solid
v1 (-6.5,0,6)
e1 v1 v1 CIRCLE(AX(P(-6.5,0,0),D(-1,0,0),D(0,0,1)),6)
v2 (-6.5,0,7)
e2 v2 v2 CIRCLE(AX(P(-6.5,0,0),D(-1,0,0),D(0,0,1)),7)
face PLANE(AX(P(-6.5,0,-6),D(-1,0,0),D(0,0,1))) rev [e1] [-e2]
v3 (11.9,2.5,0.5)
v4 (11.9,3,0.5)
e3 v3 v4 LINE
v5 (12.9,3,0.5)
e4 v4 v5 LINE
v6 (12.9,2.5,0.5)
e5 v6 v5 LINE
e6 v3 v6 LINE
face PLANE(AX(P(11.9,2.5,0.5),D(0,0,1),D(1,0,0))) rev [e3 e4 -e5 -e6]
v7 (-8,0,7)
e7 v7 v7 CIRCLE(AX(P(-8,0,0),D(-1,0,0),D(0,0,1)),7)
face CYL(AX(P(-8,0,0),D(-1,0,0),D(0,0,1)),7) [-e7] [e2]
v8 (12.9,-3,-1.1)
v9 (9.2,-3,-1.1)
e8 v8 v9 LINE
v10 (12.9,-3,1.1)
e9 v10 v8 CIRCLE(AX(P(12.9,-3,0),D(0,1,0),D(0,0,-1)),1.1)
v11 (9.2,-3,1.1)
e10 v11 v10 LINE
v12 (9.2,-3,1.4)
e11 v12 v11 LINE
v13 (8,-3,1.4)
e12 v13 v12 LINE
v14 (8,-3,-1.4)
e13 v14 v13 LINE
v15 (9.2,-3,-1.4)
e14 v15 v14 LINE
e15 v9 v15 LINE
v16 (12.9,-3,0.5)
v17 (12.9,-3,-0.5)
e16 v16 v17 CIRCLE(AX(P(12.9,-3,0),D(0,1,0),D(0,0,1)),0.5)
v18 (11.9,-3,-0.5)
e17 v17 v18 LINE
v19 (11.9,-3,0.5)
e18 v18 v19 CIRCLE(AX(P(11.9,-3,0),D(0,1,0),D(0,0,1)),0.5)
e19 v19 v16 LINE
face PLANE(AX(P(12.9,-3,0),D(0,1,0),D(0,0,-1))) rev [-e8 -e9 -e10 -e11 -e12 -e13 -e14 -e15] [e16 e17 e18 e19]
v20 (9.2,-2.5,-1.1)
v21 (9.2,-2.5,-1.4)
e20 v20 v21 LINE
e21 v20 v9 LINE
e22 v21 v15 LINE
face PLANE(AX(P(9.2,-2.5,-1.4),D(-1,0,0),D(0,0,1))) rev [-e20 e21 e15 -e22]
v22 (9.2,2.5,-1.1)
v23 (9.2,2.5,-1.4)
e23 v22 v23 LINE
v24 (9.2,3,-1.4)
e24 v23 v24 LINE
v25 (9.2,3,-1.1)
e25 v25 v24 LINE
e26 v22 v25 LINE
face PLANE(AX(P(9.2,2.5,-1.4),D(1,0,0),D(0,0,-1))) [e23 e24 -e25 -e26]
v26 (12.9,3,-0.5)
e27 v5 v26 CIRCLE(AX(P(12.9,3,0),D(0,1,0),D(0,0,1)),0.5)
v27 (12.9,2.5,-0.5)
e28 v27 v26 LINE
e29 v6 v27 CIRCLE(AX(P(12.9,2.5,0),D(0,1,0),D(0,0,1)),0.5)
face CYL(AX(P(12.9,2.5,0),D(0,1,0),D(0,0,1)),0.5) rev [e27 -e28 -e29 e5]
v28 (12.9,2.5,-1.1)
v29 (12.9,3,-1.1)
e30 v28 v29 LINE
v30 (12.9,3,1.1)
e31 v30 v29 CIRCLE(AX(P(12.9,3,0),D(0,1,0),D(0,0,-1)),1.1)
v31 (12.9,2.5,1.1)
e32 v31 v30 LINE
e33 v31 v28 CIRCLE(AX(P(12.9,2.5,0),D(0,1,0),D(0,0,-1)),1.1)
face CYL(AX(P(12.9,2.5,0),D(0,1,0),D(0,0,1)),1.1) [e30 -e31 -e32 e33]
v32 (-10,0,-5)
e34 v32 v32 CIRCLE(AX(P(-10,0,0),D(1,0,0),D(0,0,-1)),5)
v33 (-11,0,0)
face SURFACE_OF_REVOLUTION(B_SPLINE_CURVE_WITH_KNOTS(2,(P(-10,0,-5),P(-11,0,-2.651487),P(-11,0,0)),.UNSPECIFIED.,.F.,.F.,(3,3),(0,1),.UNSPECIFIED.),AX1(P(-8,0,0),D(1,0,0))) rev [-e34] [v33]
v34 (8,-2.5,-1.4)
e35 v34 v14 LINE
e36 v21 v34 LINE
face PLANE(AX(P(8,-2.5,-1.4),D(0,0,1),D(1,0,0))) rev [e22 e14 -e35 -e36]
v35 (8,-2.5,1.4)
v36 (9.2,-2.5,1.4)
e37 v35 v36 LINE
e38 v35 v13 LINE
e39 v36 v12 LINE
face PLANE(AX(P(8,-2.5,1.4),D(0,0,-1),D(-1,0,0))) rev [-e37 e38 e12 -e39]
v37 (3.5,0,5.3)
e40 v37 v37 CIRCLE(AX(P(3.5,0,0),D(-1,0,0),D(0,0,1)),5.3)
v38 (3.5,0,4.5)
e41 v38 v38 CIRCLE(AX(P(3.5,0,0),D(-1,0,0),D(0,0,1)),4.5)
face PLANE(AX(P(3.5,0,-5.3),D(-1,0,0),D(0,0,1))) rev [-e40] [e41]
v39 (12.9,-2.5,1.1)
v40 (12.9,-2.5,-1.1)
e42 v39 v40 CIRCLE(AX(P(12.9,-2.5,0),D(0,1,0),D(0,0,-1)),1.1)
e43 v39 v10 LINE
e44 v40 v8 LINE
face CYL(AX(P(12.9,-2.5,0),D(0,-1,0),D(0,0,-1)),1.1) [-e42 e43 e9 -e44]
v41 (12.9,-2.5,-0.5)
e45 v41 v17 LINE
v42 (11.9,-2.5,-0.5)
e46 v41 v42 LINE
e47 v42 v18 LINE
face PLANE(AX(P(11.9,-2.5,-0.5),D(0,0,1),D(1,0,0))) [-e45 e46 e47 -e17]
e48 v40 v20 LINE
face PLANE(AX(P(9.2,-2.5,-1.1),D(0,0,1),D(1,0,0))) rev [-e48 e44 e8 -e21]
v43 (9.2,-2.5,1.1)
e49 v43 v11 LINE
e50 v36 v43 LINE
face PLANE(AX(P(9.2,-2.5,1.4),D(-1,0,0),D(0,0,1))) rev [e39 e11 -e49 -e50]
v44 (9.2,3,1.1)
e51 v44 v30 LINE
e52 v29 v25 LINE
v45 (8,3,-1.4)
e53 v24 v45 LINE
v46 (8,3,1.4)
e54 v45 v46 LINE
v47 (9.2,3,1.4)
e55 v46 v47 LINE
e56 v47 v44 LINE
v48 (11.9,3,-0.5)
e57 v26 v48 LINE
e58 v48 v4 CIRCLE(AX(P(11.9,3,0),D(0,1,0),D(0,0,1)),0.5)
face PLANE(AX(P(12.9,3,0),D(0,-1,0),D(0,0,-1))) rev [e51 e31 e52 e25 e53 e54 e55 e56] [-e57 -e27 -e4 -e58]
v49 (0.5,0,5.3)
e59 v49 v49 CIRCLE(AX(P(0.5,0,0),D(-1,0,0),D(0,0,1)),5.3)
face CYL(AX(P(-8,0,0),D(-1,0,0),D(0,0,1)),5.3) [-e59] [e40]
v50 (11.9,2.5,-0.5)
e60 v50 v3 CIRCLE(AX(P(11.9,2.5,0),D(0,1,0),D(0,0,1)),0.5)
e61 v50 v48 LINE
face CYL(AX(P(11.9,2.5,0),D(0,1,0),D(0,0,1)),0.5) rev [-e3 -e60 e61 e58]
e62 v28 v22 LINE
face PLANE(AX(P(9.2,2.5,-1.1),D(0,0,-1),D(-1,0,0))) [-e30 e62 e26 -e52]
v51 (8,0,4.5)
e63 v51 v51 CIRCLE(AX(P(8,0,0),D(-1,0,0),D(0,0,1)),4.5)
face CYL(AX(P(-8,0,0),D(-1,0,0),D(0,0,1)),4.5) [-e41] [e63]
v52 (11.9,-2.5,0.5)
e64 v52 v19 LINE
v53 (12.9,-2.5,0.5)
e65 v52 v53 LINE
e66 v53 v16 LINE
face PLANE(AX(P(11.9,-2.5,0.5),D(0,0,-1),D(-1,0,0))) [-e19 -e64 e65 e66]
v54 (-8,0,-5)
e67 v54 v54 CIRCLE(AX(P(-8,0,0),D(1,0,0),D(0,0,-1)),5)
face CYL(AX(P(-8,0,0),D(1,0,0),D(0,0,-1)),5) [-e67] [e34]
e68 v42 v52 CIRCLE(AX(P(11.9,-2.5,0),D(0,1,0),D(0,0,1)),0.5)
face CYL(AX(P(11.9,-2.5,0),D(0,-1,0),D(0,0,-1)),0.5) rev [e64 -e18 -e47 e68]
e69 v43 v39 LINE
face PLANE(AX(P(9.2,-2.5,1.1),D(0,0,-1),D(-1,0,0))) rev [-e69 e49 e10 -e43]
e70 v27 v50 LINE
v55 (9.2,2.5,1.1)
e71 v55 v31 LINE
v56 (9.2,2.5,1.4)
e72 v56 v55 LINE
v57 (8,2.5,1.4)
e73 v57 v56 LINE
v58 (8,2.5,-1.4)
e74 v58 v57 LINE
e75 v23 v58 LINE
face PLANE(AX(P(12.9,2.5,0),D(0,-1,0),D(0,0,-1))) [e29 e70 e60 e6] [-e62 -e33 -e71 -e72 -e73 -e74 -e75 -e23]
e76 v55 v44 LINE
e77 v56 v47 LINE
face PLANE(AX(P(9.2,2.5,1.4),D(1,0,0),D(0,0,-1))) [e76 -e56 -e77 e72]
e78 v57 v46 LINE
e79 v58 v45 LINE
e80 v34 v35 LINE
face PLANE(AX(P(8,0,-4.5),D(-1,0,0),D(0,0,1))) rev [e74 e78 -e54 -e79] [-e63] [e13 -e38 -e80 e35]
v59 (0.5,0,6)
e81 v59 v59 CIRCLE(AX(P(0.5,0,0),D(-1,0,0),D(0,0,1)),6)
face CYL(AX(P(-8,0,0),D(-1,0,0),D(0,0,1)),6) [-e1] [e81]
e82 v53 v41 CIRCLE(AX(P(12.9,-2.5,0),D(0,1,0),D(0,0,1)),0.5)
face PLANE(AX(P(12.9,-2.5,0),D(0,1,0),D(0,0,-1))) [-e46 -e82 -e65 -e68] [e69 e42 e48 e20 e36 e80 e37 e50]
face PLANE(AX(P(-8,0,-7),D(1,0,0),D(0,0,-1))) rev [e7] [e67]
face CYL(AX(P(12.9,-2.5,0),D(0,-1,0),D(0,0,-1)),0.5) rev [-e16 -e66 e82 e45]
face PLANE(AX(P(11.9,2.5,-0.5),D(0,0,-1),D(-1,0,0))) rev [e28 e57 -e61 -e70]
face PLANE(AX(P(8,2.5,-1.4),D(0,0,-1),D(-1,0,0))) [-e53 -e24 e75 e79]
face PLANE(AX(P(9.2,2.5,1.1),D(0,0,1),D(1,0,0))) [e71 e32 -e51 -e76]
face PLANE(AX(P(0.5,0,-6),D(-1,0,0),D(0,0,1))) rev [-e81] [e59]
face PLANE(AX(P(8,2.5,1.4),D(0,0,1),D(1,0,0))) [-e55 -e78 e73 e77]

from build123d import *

# Parameters (mm, degrees)
BOSS_EXTRUDE1_DEPTH = 0.5


with BuildPart() as part:
    # Sketch1 → Revolve1 (revolve)
    with BuildSketch(Plane(origin=(0, 0, 0), x_dir=(1, 0, 0), z_dir=(0, 1, 0)), mode=Mode.PRIVATE) as revolve1_sk:
        Polygon((-8, 0), (8, 0), (8, 4.5), (3.5, 4.5), (3.5, 5.3), (0.5, 5.3), (0.5, 6), (-6.5, 6), (-6.5, 7), (-8, 7), align=None)
    revolve(revolve1_sk.sketch.rotate(Axis((-8, 0, 0), (1, 0, 0)), 180), axis=Axis((-8, 0, 0), (1, 0, 0)))

    # Sketch2 → Revolve2 (revolve)
    with BuildSketch(Plane(origin=(0, 0, 0), x_dir=(1, 0, 0), z_dir=(0, 1, 0))):
        with BuildLine():
            Line((-8, 0), (-11, 0))
            add(Edge.make_bspline(
                [(-11, 0), (-11, 2.651487421), (-10, 5)],
                knots=[0, 0, 0, 1, 1, 1], degree=2))
            Line((-10, 5), (-8, 5))
            Line((-8, 5), (-8, 0))
        make_face()
    revolve(axis=Axis((-8, 0, 0), (-1, 0, 0)))

    # Sketch3 → Boss-Extrude1 (add)
    with BuildSketch(Plane(origin=(0, 3, 0), x_dir=(1, 0, 0), z_dir=(0, 1, 0))):
        with BuildLine():
            Line((8, -1.4), (8, 1.4))
            Line((8, 1.4), (9.2, 1.4))
            Line((9.2, 1.4), (9.2, 1.1))
            Line((9.2, 1.1), (12.9, 1.1))
            ThreePointArc((12.9, 1.1), (14, 0), (12.9, -1.1))
            Line((12.9, -1.1), (9.2, -1.1))
            Line((9.2, -1.1), (9.2, -1.4))
            Line((9.2, -1.4), (8, -1.4))
        make_face()
        with BuildLine():
            Line((11.9, 0.5), (12.9, 0.5))
            ThreePointArc((12.9, 0.5), (13.4, 0), (12.9, -0.5))
            Line((12.9, -0.5), (11.9, -0.5))
            ThreePointArc((11.9, -0.5), (11.4, 0), (11.9, 0.5))
        make_face(mode=Mode.SUBTRACT)
    boss_extrude1 = extrude(amount=-BOSS_EXTRUDE1_DEPTH)

    # Mirror1: Boss-Extrude1 across plane
    add(boss_extrude1.mirror(Plane.ZX))


solid = part.part
